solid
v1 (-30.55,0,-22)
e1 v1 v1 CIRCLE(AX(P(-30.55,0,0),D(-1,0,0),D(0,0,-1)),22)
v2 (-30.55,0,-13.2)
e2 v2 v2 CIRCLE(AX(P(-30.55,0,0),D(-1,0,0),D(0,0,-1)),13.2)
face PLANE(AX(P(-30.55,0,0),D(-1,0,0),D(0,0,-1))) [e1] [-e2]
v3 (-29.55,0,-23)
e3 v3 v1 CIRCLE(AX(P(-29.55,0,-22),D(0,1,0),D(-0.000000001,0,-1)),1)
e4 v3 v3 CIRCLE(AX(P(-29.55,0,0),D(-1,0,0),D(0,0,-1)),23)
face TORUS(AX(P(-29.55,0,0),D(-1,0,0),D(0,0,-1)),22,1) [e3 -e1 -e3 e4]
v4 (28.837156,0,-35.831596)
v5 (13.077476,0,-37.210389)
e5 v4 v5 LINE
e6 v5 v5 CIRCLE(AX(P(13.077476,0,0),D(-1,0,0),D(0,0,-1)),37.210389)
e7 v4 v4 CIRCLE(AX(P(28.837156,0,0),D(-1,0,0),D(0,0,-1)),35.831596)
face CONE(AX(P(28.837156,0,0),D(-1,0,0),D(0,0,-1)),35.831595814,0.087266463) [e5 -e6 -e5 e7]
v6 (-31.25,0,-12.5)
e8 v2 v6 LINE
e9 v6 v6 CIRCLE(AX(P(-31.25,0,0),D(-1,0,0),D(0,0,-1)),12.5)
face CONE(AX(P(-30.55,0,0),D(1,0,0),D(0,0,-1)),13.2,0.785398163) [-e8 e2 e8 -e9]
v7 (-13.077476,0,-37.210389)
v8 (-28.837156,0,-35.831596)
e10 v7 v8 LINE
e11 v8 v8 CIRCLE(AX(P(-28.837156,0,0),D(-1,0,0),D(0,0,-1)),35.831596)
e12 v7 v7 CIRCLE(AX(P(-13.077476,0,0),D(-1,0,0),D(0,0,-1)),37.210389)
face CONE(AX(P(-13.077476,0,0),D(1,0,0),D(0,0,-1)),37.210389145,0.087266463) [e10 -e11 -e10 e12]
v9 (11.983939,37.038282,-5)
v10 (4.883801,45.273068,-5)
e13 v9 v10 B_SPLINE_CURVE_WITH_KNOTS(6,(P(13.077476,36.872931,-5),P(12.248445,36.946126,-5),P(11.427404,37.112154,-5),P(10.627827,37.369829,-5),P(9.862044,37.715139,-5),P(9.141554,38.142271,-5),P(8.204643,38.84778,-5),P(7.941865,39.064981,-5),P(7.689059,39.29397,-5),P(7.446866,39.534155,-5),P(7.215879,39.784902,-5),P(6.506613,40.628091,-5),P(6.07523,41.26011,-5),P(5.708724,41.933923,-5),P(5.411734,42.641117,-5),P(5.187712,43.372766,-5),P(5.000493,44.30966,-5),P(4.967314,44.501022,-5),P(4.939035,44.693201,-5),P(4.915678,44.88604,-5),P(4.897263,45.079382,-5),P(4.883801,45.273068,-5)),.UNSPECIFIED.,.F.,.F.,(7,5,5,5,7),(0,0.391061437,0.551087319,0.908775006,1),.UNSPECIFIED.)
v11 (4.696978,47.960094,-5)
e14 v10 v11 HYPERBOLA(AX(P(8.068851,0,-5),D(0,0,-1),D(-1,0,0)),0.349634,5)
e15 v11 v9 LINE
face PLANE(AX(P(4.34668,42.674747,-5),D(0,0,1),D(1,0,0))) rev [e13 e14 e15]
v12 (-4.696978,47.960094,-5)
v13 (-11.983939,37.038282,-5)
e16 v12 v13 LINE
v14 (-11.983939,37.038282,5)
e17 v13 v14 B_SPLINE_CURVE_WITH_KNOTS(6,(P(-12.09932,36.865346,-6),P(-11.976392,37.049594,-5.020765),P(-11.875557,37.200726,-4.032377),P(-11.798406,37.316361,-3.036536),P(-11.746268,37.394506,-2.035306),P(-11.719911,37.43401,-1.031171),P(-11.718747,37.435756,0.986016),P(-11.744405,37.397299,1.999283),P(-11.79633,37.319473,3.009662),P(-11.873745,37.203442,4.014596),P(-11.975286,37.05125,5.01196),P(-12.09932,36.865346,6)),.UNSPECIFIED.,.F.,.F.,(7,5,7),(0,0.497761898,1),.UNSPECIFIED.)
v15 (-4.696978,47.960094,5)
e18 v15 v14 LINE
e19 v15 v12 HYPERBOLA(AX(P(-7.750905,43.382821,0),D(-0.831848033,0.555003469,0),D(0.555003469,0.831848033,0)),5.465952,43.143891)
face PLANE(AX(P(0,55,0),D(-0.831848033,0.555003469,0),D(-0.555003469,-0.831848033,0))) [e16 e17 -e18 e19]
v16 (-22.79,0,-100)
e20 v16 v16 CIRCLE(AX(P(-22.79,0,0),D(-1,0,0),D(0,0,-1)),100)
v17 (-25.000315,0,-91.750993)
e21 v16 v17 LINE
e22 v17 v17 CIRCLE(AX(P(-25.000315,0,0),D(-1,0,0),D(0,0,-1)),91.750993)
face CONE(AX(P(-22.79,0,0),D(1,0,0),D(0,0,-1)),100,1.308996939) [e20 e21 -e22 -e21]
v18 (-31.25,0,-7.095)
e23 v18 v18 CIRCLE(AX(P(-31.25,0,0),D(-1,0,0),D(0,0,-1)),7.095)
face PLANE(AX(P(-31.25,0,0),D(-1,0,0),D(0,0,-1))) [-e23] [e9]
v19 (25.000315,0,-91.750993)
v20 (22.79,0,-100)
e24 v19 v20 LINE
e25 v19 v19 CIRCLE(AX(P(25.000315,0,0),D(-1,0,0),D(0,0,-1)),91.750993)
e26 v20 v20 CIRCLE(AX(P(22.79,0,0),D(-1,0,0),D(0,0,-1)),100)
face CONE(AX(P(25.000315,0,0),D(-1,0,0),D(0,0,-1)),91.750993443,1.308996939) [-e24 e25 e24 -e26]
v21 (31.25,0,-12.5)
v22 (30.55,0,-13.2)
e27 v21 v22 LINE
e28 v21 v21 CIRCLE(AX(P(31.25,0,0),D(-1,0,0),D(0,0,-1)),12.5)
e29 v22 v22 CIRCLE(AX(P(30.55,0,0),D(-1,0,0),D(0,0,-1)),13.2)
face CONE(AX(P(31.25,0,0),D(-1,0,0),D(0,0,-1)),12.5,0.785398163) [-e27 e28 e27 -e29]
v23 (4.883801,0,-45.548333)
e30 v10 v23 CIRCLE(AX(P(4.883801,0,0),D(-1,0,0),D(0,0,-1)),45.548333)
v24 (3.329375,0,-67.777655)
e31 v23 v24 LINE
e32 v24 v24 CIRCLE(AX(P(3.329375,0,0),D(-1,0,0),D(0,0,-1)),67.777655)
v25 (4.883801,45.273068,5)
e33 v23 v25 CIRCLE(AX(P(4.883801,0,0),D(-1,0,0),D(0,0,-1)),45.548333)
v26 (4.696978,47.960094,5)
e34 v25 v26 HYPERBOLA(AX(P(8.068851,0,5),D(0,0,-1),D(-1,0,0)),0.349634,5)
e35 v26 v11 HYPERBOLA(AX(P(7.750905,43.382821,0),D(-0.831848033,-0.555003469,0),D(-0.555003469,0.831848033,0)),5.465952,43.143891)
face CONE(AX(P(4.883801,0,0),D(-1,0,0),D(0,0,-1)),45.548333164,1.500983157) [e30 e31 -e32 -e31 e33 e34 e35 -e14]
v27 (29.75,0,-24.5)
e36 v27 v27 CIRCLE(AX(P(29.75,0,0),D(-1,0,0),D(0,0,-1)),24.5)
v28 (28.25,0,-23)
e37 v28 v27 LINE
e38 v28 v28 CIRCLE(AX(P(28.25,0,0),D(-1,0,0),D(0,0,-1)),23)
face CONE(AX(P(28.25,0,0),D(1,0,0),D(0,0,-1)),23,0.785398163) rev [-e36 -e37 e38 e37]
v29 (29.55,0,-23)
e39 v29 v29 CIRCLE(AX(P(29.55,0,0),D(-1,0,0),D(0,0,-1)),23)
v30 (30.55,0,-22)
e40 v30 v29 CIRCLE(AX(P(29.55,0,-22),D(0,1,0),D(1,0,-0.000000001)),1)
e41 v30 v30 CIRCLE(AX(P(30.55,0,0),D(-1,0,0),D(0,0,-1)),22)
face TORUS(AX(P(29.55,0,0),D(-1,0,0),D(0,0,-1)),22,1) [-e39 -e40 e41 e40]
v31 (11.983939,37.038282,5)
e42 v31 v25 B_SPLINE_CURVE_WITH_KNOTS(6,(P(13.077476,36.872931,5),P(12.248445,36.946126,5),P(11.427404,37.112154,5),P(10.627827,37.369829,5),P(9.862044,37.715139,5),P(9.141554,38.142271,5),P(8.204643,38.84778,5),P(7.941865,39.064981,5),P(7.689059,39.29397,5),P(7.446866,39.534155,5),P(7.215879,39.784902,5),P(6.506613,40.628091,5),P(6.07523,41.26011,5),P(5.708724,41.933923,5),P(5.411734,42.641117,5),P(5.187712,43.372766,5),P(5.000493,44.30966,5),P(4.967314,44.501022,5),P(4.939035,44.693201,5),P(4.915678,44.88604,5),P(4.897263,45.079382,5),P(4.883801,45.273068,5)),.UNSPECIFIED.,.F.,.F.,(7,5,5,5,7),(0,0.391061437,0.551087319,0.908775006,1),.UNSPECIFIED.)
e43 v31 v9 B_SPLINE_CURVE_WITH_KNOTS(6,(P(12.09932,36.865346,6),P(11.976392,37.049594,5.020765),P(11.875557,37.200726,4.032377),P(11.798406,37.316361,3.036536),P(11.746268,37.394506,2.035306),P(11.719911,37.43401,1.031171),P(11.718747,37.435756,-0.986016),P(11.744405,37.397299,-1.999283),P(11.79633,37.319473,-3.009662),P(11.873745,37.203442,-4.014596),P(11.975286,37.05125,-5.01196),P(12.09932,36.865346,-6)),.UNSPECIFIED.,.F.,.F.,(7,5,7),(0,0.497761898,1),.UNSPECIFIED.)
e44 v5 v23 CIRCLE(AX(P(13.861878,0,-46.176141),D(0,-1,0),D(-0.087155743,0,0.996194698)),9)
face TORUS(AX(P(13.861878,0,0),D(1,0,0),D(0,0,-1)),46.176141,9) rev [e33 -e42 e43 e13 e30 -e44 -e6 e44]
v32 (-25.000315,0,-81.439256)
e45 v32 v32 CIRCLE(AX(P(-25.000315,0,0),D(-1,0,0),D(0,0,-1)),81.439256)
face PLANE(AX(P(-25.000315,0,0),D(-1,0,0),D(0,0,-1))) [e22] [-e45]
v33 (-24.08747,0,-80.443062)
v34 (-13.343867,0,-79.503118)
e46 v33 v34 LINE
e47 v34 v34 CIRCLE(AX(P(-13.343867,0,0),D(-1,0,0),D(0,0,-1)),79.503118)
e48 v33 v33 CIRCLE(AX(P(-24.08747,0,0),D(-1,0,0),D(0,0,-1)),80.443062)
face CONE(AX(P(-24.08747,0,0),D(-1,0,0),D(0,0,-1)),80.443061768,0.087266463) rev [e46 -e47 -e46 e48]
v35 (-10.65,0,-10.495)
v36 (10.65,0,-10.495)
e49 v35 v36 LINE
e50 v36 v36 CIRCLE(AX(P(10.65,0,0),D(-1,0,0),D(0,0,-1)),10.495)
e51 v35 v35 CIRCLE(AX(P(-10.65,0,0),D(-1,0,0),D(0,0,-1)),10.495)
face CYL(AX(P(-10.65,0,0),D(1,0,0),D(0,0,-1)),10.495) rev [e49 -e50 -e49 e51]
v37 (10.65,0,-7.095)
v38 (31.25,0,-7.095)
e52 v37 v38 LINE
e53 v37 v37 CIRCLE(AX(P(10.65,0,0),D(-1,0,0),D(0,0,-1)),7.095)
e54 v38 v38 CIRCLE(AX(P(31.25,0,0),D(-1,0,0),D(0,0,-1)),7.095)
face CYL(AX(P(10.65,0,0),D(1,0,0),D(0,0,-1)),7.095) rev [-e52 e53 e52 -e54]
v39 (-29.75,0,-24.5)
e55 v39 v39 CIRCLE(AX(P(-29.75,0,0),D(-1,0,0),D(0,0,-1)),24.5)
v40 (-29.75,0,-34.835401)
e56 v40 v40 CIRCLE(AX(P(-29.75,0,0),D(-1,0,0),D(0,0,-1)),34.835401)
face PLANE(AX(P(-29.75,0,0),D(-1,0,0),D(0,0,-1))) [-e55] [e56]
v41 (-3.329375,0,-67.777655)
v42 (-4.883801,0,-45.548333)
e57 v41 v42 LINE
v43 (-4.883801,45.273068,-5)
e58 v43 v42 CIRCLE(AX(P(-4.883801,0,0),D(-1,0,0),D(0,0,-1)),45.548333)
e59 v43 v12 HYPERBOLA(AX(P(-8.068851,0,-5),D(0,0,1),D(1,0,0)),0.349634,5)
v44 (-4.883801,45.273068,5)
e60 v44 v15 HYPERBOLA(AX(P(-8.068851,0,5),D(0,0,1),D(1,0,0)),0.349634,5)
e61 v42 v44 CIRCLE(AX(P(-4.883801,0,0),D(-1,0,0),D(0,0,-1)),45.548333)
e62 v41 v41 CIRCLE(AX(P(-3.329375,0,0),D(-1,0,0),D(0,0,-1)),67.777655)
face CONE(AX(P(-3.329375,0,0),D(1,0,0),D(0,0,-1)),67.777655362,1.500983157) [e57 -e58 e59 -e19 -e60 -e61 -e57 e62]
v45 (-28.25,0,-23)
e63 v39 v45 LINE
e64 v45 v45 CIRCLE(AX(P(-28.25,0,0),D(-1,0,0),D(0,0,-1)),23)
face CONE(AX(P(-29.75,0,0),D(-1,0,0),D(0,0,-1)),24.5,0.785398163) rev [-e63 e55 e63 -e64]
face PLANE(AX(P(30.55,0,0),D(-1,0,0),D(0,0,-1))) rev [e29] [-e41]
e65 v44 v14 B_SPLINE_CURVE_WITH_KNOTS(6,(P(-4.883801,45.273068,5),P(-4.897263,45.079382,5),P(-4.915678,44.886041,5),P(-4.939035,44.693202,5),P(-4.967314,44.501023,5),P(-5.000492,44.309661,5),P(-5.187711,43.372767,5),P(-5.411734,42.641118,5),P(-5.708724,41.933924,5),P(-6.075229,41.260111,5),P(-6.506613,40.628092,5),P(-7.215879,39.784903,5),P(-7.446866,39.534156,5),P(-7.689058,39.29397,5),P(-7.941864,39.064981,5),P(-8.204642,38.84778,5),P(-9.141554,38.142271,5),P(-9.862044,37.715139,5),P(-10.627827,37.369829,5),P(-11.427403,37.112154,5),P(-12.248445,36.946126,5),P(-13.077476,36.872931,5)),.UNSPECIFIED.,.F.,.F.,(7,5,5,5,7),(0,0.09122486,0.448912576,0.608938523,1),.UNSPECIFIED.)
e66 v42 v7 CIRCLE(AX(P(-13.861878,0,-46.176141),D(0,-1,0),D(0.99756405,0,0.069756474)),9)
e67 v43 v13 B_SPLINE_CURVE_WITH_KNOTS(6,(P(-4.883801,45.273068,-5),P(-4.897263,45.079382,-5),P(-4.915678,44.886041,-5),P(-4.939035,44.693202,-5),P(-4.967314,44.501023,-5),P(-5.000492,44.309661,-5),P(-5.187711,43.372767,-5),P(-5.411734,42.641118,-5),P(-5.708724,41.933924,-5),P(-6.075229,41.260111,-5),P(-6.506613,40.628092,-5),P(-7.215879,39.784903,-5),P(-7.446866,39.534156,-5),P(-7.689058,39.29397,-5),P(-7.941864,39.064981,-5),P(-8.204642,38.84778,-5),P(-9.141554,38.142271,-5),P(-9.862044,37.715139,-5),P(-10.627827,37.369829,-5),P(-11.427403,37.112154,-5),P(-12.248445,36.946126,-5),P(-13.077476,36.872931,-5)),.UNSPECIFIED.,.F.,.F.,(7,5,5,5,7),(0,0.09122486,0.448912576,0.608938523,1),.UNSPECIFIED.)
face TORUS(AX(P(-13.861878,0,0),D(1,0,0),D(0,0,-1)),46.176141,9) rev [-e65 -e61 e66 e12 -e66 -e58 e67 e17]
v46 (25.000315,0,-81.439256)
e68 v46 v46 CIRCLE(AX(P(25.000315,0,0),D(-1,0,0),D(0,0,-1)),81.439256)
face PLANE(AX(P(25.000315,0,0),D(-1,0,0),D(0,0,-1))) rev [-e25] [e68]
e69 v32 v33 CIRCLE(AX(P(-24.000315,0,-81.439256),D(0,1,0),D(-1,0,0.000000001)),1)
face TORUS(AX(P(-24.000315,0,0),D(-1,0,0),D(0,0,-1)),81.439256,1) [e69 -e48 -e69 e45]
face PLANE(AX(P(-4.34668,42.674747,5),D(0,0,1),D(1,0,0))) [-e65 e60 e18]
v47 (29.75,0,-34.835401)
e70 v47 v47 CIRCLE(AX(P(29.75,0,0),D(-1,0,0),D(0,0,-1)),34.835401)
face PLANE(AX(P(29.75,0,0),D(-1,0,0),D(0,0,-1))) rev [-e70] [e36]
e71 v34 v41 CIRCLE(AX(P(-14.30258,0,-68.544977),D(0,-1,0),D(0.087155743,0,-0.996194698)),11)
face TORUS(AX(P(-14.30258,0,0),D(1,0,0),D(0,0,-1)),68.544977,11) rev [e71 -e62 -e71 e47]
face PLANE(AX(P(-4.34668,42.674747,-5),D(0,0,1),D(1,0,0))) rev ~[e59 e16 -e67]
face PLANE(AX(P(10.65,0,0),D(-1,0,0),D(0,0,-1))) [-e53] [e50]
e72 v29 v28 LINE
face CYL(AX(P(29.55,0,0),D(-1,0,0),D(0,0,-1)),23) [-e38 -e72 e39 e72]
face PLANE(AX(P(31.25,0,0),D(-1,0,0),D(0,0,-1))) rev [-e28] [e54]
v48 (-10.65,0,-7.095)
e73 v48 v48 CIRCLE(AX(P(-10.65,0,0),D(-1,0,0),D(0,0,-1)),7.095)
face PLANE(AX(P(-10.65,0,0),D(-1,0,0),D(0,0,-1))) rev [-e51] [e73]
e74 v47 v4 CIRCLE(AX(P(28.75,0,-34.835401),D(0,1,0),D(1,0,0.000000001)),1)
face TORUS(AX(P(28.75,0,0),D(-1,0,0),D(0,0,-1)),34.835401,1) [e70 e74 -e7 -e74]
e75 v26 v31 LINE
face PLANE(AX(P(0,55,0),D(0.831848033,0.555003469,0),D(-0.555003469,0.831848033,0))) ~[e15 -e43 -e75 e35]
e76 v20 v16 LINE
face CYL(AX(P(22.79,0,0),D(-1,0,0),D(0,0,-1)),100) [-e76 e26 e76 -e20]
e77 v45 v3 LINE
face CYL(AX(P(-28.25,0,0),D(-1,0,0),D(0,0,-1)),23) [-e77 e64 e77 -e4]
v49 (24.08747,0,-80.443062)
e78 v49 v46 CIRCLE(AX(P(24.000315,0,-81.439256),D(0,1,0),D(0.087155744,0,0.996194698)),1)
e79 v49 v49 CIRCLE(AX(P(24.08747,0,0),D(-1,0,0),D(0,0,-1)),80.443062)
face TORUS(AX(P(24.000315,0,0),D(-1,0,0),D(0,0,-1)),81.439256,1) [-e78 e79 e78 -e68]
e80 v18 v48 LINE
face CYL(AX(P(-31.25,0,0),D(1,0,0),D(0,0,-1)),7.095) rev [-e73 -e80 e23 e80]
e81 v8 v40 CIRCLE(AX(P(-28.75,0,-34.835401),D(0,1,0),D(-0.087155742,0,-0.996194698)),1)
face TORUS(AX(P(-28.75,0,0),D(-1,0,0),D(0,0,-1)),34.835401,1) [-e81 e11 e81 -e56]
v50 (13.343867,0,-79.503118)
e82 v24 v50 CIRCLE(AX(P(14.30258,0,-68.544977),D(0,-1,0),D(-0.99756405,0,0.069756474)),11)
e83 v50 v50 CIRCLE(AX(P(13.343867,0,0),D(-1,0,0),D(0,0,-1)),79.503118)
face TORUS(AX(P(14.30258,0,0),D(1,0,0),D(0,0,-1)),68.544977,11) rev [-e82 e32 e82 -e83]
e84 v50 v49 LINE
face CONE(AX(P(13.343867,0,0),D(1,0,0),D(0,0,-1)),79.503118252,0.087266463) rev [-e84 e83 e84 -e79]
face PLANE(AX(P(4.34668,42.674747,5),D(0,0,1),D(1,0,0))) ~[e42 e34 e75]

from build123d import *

# Parameters (mm, degrees)
ESTRUSIONE_ESTRUSIONE1_DEPTH = 5


with BuildPart() as part:
    # Schizzo1 → Rivoluzione1 (revolve)
    with BuildSketch(Plane.XY):
        with BuildLine():
            Line((22.79, 100), (-22.79, 100))
            Line((-22.79, 100), (-25.000314645, 91.750993443))
            Line((-25.000314645, 91.750993443), (-25.000314645, 81.439256466))
            ThreePointArc((-25.000314645, 81.439256466), (-24.737591982, 80.763666259), (-24.087470388, 80.443061768))
            Line((-24.087470388, 80.443061768), (-13.343866838, 79.503118252))
            ThreePointArc((-13.343866838, 79.503118252), (-5.938114386, 75.688905105), (-3.329375455, 67.777655362))
            Line((-3.329375455, 67.777655362), (-4.883801088, 45.548333164))
            ThreePointArc((-4.883801088, 45.548333164), (-7.442623498, 39.867958049), (-13.077475855, 37.210389145))
            Line((-13.077475855, 37.210389145), (-28.837155743, 35.831595814))
            ThreePointArc((-28.837155743, 35.831595814), (-29.487277337, 35.510991324), (-29.75, 34.835401116))
            Line((-29.75, 34.835401116), (-29.75, 24.5))
            Line((-29.75, 24.5), (-28.25, 23))
            Line((-28.25, 23), (-29.55, 23))
            ThreePointArc((-29.55, 23), (-30.257106781, 22.707106781), (-30.55, 22))
            Line((-30.55, 22), (-30.55, 13.2))
            Line((-30.55, 13.2), (-31.25, 12.5))
            Line((-31.25, 12.5), (-31.25, 7.095))
            Line((-31.25, 7.095), (-10.65, 7.095))
            Line((-10.65, 7.095), (-10.65, 10.495))
            Line((-10.65, 10.495), (10.65, 10.495))
            Line((10.65, 10.495), (10.65, 7.095))
            Line((10.65, 7.095), (31.25, 7.095))
            Line((31.25, 7.095), (31.25, 12.5))
            Line((31.25, 12.5), (30.55, 13.2))
            Line((30.55, 13.2), (30.55, 22))
            ThreePointArc((30.55, 22), (30.257106781, 22.707106781), (29.55, 23))
            Line((29.55, 23), (28.25, 23))
            Line((28.25, 23), (29.75, 24.5))
            Line((29.75, 24.5), (29.75, 34.835401116))
            ThreePointArc((29.75, 34.835401116), (29.487277337, 35.510991324), (28.837155743, 35.831595814))
            Line((28.837155743, 35.831595814), (13.077475855, 37.210389145))
            ThreePointArc((13.077475855, 37.210389145), (7.442623498, 39.867958049), (4.883801088, 45.548333164))
            Line((4.883801088, 45.548333164), (3.329375455, 67.777655362))
            ThreePointArc((3.329375455, 67.777655362), (5.938114386, 75.688905105), (13.343866838, 79.503118252))
            Line((13.343866838, 79.503118252), (24.087470388, 80.443061768))
            ThreePointArc((24.087470388, 80.443061768), (24.737591982, 80.763666259), (25.000314645, 81.439256466))
            Line((25.000314645, 81.439256466), (25.000314645, 91.750993443))
            Line((25.000314645, 91.750993443), (22.79, 100))
        make_face()
    revolve(axis=Axis((0, 0, 0), (-1, 0, 0)))

    # Schizzo3 → Estrusione-Estrusione1 (add, symmetric)
    with BuildSketch(Plane.XY):
        Polygon((0, 55), (-13.343866838, 35), (0, 35), align=None)
    estrusione_estrusione1 = extrude(amount=ESTRUSIONE_ESTRUSIONE1_DEPTH, both=True)

    # Specchia1: Estrusione-Estrusione1 across plane
    add(estrusione_estrusione1.mirror(Plane(origin=(0, 0, 0), x_dir=(0, 0, 1), z_dir=(1, 0, 0))))


solid = part.part
